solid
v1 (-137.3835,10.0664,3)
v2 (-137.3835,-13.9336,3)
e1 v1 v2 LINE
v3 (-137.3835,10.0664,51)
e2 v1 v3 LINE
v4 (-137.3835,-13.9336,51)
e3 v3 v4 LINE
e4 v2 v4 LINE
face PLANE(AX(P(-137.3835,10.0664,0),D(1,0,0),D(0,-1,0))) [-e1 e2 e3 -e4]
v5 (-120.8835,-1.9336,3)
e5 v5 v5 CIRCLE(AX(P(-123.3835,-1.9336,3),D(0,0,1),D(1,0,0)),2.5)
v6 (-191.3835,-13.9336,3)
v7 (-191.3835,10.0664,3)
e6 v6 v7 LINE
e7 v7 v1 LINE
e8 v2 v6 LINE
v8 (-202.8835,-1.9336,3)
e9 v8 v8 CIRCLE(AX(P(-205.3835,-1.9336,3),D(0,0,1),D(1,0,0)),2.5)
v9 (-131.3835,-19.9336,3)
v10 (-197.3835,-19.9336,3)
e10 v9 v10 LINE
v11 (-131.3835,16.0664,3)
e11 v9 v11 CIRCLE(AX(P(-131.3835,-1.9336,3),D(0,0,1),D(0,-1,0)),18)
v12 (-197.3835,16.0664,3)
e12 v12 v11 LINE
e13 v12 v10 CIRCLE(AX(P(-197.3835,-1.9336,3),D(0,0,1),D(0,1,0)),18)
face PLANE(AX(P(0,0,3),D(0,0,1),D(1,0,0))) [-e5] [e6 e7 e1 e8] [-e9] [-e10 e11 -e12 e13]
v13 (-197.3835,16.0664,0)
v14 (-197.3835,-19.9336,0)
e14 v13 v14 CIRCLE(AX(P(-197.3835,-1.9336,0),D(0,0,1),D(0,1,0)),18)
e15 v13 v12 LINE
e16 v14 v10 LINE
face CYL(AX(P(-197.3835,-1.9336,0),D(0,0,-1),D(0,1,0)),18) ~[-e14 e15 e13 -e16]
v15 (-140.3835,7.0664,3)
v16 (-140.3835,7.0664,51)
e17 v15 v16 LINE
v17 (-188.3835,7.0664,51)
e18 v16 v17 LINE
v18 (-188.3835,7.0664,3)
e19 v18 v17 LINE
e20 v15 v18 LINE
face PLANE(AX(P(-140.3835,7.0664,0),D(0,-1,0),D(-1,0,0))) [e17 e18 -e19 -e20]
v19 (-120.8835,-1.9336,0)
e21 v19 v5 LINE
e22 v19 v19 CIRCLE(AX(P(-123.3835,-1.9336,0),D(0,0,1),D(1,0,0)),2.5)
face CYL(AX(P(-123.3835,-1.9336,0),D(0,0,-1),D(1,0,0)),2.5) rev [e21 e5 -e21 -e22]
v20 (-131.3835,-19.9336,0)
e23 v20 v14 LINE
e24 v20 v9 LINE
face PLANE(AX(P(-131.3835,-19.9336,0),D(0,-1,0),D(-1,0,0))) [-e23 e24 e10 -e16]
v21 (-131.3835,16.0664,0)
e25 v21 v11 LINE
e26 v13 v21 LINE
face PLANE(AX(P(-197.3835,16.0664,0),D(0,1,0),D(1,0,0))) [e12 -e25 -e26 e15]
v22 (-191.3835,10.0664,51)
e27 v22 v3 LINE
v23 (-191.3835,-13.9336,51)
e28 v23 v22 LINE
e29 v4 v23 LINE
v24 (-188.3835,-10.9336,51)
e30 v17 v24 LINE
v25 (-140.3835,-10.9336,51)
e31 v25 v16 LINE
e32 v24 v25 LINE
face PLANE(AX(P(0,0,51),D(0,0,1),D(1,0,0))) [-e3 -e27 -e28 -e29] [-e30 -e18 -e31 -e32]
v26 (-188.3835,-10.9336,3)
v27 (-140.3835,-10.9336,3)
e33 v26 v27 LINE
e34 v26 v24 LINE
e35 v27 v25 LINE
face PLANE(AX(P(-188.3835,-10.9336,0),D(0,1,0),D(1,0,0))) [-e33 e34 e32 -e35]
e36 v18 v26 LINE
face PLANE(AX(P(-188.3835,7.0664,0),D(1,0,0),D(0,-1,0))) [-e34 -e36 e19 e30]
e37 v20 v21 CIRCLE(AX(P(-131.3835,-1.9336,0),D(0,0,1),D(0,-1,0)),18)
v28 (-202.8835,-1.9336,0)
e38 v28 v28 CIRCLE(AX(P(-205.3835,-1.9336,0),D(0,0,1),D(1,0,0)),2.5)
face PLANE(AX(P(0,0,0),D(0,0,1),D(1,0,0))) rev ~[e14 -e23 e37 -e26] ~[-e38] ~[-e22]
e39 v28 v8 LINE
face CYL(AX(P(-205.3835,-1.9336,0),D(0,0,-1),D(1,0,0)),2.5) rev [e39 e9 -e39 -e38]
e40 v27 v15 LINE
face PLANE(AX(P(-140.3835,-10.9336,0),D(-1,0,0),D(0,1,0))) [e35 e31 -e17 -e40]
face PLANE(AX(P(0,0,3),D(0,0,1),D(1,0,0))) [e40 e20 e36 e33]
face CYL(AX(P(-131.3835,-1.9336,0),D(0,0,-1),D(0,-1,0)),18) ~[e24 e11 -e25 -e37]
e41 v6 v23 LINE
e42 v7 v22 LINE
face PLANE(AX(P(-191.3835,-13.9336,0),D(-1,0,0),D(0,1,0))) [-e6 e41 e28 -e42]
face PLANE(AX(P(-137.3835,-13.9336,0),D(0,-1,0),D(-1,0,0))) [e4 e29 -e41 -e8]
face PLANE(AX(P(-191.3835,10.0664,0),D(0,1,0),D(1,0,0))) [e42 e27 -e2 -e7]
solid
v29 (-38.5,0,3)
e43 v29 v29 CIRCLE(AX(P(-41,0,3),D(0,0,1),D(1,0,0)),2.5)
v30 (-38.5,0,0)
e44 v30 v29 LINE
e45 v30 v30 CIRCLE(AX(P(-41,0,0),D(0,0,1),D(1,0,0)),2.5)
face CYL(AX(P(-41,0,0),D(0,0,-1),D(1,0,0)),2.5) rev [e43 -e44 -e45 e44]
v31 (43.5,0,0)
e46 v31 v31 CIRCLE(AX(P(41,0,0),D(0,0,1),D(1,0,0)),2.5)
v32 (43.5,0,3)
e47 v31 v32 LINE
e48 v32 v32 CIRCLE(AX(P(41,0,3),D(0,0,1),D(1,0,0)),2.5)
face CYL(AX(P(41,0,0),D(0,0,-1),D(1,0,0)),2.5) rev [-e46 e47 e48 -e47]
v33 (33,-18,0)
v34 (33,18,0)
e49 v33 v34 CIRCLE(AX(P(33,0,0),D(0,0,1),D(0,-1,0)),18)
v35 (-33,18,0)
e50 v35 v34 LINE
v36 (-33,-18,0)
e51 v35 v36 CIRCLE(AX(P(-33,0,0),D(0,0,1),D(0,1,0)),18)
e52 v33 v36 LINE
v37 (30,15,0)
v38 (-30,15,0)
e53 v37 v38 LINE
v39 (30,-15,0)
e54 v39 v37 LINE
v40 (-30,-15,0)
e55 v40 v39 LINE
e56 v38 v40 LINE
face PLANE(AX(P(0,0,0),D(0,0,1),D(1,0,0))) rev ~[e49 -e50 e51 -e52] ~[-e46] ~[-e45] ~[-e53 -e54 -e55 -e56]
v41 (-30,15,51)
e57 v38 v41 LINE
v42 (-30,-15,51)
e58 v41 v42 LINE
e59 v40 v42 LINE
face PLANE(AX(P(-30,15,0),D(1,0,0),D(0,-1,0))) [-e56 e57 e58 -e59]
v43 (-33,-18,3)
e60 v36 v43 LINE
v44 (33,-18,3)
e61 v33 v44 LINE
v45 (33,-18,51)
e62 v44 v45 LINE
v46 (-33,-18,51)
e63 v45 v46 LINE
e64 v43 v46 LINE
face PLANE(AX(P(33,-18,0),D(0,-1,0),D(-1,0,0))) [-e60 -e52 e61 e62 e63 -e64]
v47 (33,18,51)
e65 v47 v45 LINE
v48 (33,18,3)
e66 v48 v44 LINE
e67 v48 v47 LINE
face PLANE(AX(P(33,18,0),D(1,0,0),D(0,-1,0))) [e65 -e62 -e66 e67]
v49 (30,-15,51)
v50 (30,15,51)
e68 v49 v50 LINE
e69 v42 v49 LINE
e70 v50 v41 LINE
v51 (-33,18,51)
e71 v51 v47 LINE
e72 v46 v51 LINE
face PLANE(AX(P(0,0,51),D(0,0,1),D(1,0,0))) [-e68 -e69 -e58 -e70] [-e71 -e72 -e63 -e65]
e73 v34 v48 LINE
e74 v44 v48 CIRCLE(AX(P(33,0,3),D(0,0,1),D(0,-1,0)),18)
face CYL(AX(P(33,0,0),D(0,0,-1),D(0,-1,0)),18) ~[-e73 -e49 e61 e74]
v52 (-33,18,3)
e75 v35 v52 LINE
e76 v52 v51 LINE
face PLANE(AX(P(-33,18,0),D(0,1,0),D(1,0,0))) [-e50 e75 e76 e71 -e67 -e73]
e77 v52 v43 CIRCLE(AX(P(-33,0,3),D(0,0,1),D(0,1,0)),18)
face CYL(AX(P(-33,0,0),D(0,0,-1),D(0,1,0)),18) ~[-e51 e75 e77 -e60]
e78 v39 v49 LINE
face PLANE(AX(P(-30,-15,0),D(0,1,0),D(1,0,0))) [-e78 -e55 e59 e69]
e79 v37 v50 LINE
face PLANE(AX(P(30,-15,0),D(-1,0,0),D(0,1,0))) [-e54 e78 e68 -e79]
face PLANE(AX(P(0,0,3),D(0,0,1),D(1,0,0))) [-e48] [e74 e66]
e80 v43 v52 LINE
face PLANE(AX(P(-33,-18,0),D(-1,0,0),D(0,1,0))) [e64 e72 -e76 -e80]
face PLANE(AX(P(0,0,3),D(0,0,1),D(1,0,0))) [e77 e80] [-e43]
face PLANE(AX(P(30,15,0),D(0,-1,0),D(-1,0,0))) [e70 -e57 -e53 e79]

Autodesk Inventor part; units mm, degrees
ref_plane "YZ Plane" through (0, 0, 0) normal (1, 0, 0) x (0, 1, 0)
ref_plane "XZ Plane" through (0, 0, 0) normal (0, 1, 0) x (-1, 0, 0)
ref_plane "XY Plane" through (0, 0, 0) normal (0, 0, 1) x (1, 0, 0)
sketch "outer mould sketch" plane through (0, 0, 0) normal (0, 0, 1) x (1, 0, 0)
  line L0 (30, 15) -> (-30, 15)
  line L1 (-30, 15) -> (-30, -15)
  line L2 (-30, -15) -> (30, -15)
  line L3 (30, -15) -> (30, 15)
  line L4 (-27, 12) -> (27, 12)
  line L5 (27, 12) -> (27, -12)
  line L6 (27, -12) -> (-27, -12)
  line L7 (-27, -12) -> (-27, 12)
  line L8 (-33, 18) -> (33, 18)
  line L9 (33, 18) -> (33, -18)
  line L10 (33, -18) -> (-33, -18)
  line L11 (-33, -18) -> (-33, 18)
  arc A0 (-33, 18) -> (-33, -18) centre (-33, 0) ccw
  circle A1 centre (-41, 0) radius 2.5
  line L12 (0, -18) -> (0, 18) construction
  arc A2 (33, -18) -> (33, 18) centre (33, 0) ccw
  circle A3 centre (41, 0) radius 2.5
  dimension "d15" = 30
  dimension "d16" = 60
  dimension "d17" = 3
  dimension "d18" = 3
  dimension "d19" = 18
  dimension "d20" = 5
  dimension "d21" = 8
  dimension "d22" = 36
  dimension "d24" = 66
  dimension "d25" = 36
extrude "Extrusion1" add sketch "outer mould sketch" along normal blind 3 contours L11 A0 | A2 L9
extrude "Extrusion2" add sketch "outer mould sketch" along normal blind 51 contours L8 L9 L10 L11
sketch "Sketch5" plane through (0, 0, 0) normal (0, 0, 1) x (1, 0, 0)
  line L0 (-134.3835, 13.0664) -> (-194.3835, 13.0664)
  line L1 (-194.3835, 13.0664) -> (-194.3835, -16.9336)
  line L2 (-194.3835, -16.9336) -> (-134.3835, -16.9336)
  line L3 (-134.3835, -16.9336) -> (-134.3835, 13.0664)
  line L4 (-191.3835, 10.0664) -> (-137.3835, 10.0664)
  line L5 (-137.3835, 10.0664) -> (-137.3835, -13.9336)
  line L6 (-137.3835, -13.9336) -> (-191.3835, -13.9336)
  line L7 (-191.3835, -13.9336) -> (-191.3835, 10.0664)
  line L8 (-197.3835, 16.0664) -> (-131.3835, 16.0664)
  line L9 (-131.3835, 16.0664) -> (-131.3835, -19.9336)
  line L10 (-131.3835, -19.9336) -> (-197.3835, -19.9336)
  line L11 (-197.3835, -19.9336) -> (-197.3835, 16.0664)
  arc A0 (-197.3835, 16.0664) -> (-197.3835, -19.9336) centre (-197.3835, -1.9336) ccw
  circle A1 centre (-41.0005, 0) radius 2.5
  line L12 (-164.3835, -19.9336) -> (-164.3835, 16.0664) construction
  arc A2 (-131.3835, -19.9336) -> (-131.3835, 16.0664) centre (-131.3835, -1.9336) ccw
  circle A3 centre (41, 0) radius 2.5
  line L13 (-197.3835, -1.9336) -> (-215.3835, -1.9336) construction
  circle A4 centre (-205.3835, -1.9336) radius 2.5
  circle A5 centre (-123.3835, -1.9336) radius 2.5
  line L14 (-140.3835, 7.0664) -> (-188.3835, 7.0664)
  line L15 (-188.3835, 7.0664) -> (-188.3835, -10.9336)
  line L16 (-188.3835, -10.9336) -> (-140.3835, -10.9336)
  line L17 (-140.3835, -10.9336) -> (-140.3835, 7.0664)
  point P0 (0, 0)
  dimension "d26" = 30
  dimension "d27" = 60
  dimension "d28" = 3
  dimension "d29" = 3
  dimension "d30" = 18
  dimension "d31" = 5
  dimension "d32" = 156.383
  dimension "d33" = 36
  dimension "d34" = 66
  dimension "d35" = 36
  dimension "d36" = 5
  dimension "d37" = 8
  dimension "d42" = 3
extrude "Extrusion5" add sketch "Sketch5" along normal blind 51 separate body contours L4 L5 L6 L7
extrude "Extrusion4" add sketch "Sketch5" along normal blind 3 contours L3 L2 L1 L0 | L4 L5 L6 L7 | L8 L9 L10 L11 | L11 A0 | A2 L9 | L17 L16 L15 L14 bodies 2
properties part number "single_chamber_EIT_test"
